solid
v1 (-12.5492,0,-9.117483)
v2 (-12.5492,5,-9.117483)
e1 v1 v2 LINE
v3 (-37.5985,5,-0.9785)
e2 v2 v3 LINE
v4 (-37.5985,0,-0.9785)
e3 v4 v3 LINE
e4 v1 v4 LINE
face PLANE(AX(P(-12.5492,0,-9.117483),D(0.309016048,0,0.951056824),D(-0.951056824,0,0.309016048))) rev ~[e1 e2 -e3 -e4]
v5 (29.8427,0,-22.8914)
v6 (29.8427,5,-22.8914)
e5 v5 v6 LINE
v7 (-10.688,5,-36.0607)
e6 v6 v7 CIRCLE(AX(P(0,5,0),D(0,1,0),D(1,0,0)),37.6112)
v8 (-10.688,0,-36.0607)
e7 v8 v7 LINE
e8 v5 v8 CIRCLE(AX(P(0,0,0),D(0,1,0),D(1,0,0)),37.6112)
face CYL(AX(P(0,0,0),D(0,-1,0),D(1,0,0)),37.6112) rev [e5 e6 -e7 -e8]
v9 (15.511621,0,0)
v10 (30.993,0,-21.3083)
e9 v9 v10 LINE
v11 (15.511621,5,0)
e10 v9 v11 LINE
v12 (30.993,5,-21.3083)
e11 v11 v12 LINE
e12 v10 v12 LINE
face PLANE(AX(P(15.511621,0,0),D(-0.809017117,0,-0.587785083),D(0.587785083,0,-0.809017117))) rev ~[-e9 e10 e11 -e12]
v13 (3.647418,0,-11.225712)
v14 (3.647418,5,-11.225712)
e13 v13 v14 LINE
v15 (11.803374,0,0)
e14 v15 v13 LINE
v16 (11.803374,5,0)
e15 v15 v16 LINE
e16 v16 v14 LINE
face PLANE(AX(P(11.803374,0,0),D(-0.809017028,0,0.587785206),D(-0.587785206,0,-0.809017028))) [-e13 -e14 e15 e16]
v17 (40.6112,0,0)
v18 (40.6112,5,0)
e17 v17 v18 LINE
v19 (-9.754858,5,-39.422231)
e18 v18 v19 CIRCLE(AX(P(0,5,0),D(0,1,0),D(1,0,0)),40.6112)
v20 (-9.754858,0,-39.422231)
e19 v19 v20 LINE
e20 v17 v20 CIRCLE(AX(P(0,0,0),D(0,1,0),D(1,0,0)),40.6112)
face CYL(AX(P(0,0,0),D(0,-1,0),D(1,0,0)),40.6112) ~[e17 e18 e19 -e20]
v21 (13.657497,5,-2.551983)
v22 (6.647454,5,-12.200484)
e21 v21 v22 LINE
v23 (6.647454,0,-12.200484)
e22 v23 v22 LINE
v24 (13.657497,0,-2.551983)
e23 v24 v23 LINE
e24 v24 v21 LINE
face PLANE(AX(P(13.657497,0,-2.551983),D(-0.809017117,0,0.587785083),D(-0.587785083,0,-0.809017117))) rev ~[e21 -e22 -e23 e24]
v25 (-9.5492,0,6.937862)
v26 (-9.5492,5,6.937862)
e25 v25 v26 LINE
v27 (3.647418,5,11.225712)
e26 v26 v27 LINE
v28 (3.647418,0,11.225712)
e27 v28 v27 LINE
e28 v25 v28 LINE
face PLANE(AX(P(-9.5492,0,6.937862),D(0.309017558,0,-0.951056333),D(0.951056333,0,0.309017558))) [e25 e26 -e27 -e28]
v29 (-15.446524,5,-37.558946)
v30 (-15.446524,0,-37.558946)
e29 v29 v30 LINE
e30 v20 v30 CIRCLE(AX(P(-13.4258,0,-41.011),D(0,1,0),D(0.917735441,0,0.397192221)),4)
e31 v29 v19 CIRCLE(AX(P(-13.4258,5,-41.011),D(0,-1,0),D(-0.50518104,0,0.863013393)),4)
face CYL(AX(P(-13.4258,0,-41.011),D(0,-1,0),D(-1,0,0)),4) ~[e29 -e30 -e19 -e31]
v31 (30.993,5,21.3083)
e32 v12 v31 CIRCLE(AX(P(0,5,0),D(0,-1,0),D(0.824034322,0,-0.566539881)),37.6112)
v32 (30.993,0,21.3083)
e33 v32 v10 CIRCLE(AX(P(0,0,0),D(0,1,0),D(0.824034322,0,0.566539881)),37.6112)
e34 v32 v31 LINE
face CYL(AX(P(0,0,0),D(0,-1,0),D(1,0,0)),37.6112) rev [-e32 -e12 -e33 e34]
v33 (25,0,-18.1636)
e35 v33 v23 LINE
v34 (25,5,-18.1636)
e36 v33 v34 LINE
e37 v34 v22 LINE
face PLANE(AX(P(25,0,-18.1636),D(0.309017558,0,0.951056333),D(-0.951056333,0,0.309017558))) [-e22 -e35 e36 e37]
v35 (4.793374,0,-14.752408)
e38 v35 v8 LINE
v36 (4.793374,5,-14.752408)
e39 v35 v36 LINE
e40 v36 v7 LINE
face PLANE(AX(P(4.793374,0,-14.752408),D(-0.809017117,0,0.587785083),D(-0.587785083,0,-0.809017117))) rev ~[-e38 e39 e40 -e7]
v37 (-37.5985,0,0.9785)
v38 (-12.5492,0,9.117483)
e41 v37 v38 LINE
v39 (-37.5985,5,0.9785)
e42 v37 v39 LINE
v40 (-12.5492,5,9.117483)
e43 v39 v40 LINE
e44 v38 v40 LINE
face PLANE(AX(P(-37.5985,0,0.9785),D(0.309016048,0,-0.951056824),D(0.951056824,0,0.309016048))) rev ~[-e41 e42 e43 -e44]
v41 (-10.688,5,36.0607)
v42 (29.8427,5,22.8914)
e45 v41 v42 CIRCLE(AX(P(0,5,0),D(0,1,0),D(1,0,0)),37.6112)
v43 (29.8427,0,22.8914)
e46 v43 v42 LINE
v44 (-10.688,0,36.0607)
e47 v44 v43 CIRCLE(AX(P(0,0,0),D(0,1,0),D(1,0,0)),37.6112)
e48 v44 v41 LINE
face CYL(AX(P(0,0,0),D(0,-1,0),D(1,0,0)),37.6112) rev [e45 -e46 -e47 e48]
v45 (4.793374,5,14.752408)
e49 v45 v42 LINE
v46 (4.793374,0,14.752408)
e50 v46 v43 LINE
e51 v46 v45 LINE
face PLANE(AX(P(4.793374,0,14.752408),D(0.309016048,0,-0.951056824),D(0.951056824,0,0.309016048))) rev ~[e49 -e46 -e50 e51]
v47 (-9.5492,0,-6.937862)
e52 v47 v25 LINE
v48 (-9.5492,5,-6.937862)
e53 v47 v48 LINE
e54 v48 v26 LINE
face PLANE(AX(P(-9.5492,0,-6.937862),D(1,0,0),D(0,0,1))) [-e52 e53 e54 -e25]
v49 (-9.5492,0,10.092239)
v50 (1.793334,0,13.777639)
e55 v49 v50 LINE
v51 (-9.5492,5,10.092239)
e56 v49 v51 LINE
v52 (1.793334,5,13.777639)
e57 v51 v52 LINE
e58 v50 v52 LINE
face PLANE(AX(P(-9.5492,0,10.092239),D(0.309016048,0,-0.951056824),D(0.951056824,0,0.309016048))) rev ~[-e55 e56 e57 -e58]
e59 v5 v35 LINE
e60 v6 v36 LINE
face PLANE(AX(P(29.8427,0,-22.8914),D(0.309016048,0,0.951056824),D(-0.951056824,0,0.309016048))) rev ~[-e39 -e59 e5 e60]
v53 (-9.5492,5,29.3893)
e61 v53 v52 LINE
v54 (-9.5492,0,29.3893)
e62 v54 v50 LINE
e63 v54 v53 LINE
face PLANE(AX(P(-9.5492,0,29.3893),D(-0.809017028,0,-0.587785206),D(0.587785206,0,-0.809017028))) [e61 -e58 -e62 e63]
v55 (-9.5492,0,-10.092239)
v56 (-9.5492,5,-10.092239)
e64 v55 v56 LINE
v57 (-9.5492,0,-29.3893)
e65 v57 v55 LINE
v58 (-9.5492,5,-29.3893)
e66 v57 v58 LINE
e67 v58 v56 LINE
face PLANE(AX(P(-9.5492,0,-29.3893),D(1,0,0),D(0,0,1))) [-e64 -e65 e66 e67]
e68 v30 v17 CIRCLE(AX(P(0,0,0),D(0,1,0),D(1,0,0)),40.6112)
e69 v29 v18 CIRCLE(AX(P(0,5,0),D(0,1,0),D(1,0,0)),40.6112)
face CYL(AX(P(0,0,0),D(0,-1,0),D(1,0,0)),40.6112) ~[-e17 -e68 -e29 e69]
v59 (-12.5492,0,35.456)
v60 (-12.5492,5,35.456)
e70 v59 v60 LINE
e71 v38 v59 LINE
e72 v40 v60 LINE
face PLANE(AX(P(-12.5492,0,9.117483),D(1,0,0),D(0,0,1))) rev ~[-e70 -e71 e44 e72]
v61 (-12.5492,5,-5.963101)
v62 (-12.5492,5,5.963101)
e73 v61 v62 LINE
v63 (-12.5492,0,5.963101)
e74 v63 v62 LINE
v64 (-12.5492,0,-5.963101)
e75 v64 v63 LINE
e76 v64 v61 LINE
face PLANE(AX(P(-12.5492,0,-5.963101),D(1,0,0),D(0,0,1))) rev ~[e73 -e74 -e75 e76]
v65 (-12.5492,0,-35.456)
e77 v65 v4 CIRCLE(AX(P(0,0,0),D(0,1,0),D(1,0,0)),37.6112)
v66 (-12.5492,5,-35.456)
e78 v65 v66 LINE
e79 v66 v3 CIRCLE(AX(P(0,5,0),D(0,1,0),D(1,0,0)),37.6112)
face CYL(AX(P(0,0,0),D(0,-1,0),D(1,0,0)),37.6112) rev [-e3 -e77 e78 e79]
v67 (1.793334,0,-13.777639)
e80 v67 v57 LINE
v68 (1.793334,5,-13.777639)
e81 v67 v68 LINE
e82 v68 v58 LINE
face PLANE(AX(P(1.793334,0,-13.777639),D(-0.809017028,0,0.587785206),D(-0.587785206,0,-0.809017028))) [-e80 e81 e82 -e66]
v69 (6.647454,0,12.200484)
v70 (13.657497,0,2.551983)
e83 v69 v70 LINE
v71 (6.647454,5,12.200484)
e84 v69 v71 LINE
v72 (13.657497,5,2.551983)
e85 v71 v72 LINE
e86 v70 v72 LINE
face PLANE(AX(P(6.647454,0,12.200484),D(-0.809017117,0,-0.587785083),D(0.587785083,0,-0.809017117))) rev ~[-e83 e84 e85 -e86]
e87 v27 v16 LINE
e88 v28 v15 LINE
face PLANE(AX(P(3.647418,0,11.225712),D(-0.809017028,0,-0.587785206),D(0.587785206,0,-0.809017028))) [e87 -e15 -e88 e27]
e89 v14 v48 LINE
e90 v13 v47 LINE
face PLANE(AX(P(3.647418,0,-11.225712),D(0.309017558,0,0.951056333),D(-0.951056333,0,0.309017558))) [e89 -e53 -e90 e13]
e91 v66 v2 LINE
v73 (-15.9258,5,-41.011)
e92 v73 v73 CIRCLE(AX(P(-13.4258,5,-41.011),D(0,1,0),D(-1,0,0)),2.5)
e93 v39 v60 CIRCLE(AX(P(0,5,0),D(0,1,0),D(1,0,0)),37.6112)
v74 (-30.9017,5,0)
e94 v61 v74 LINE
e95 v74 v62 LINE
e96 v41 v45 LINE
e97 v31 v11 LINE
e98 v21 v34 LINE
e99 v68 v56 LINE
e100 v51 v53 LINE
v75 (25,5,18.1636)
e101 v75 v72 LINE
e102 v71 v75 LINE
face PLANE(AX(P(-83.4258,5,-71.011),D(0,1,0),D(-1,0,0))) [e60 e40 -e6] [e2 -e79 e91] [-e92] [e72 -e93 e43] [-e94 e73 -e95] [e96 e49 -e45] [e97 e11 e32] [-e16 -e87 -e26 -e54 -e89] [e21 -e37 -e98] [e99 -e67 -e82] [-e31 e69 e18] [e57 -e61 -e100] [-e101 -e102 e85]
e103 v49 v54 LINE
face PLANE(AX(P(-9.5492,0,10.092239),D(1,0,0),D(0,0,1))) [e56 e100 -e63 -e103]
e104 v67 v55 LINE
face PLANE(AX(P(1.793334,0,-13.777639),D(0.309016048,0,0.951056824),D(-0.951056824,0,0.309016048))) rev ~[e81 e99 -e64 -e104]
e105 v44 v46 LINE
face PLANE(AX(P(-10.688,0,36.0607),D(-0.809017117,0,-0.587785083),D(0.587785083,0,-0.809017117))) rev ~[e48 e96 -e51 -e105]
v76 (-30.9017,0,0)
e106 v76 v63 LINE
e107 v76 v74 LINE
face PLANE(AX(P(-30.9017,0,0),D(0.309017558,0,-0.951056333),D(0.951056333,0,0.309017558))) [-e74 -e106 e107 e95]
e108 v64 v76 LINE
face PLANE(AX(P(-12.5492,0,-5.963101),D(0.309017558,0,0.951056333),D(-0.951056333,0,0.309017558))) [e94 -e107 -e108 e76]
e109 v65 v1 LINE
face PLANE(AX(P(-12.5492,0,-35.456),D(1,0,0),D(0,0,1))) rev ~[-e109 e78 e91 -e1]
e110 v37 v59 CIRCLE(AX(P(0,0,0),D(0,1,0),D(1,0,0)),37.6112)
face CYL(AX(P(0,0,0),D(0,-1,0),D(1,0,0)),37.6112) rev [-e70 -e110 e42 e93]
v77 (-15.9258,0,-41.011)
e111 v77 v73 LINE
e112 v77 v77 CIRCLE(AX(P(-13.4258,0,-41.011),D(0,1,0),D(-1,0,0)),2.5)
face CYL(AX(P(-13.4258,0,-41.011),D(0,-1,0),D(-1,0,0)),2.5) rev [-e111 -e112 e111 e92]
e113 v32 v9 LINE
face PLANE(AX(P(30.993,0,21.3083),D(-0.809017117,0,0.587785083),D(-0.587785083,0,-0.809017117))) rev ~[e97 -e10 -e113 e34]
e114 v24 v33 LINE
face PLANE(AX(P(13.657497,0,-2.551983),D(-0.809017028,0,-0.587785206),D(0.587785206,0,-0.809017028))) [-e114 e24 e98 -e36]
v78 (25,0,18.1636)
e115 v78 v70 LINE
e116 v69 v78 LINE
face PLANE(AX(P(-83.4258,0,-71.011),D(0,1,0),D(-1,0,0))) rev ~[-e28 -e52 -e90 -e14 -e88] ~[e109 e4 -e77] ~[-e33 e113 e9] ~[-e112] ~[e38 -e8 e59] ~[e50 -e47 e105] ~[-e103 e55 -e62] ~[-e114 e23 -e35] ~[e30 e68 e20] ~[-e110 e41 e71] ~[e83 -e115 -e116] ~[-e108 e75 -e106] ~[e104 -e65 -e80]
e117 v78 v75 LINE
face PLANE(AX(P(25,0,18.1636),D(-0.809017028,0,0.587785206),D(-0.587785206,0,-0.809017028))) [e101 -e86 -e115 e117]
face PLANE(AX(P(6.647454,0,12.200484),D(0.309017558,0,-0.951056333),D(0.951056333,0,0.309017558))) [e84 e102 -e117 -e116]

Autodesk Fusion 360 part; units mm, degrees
sketch "草图2" plane through (0, 0, 0) normal (0, 1, 0) x (1, 0, 0)
  line L0 (-9.5492, 29.3893) -> (-9.5492, -29.3893)
  line L1 (-9.5492, -29.3893) -> (25, 18.1636)
  line L2 (25, 18.1636) -> (-30.9017, 0)
  line L3 (-30.9017, 0) -> (25, -18.1636)
  line L4 (25, -18.1636) -> (-9.5492, 29.3893)
  line L5 (-37.5985, -0.9785) -> (29.8427, -22.8914)
  line L6 (30.993, -21.3083) -> (-10.688, 36.0607)
  line L7 (-10.688, -36.0607) -> (30.993, 21.3083)
  line L8 (29.8427, 22.8914) -> (-37.5985, 0.9785)
  line L9 (-12.5492, 35.456) -> (-12.5492, -35.456)
  circle A0 centre (0, 0) radius 40.6112
  circle A1 centre (0, 0) radius 37.6112
  dimension "d2" = 3
extrude "拉伸1" add sketch "草图2" along normal blind 5 contours L0 L4 L6 L8 L9 A1 | L0 L2 L4 L8 | L0 L2 L8 L9 | L2 L4 L6 L8 | L0 L2 L3 L9 | L2 L3 L5 L8 L9 A1 | L1 L2 L4 L6 | L1 L2 L6 L7 L8 A1 | L0 L1 L3 L5 | L0 L3 L5 L9 | L1 L3 L4 L7 | L1 L4 L6 L7 | L0 L1 L5 L7 L9 A1 | L1 L3 L5 L7 | L3 L4 L5 L6 L7 A1 | A0 makes body 1
sketch "草图3" plane through (0, 5, 0) normal (0, 1, 0) x (-1, 0, 0)
  arc A0 (10.688, 36.0607) -> (-29.8427, 22.8914) centre (0, 0) ccw
  line L0 (10.688, 36.0607) -> (-4.7933, 14.7524)
  line L1 (-4.7933, 14.7524) -> (-29.8427, 22.8914)
  line L2 (9.5492, -29.3893) -> (-1.7933, -13.7777)
  line L3 (-1.7933, -13.7777) -> (9.5492, -10.0923)
  line L4 (9.5492, -10.0923) -> (9.5492, -29.3893)
  arc A1 (12.5492, -35.456) -> (37.5985, -0.9785) centre (0, 0) ccw
  line L5 (12.5492, -35.456) -> (12.5492, -9.1175)
  line L6 (12.5492, -9.1175) -> (37.5985, -0.9785)
  line L7 (9.5492, 29.3893) -> (9.5492, 10.0923)
  line L8 (9.5492, 10.0923) -> (-1.7933, 13.7777)
  line L9 (-1.7933, 13.7777) -> (9.5492, 29.3893)
  line L10 (-25, 18.1636) -> (-6.6475, 12.2005)
  line L11 (-6.6475, 12.2005) -> (-13.6575, 2.552)
  line L12 (-13.6575, 2.552) -> (-25, 18.1636)
  line L13 (30.9017, 0) -> (12.5492, -5.9631)
  line L14 (12.5492, -5.9631) -> (12.5492, 5.9631)
  line L15 (12.5492, 5.9631) -> (30.9017, 0)
  arc A2 (37.5985, 0.9785) -> (12.5492, 35.456) centre (0, 0) ccw
  line L16 (37.5985, 0.9785) -> (12.5492, 9.1175)
  line L17 (12.5492, 9.1175) -> (12.5492, 35.456)
  line L18 (-25, -18.1636) -> (-13.6575, -2.552)
  line L19 (-13.6575, -2.552) -> (-6.6475, -12.2005)
  line L20 (-6.6475, -12.2005) -> (-25, -18.1636)
  line L21 (-30.993, 21.3083) -> (-15.5116, 0)
  line L22 (-15.5116, 0) -> (-30.993, -21.3083)
  arc A3 (-30.993, 21.3083) -> (-30.993, -21.3083) centre (0, 0) ccw
  arc A4 (-29.8427, -22.8914) -> (10.688, -36.0607) centre (0, 0) ccw
  line L23 (-29.8427, -22.8914) -> (-4.7933, -14.7524)
  line L24 (-4.7933, -14.7524) -> (10.688, -36.0607)
  line L25 (-11.8034, 0) -> (-3.6475, 11.2257)
  line L26 (-3.6475, 11.2257) -> (9.5492, 6.9379)
  line L27 (9.5492, 6.9379) -> (9.5492, -6.9379)
  line L28 (9.5492, -6.9379) -> (-3.6475, -11.2257)
  line L29 (-3.6475, -11.2257) -> (-11.8034, 0)
  circle A5 centre (0, 0) radius 40.6112
  circle A6 centre (-70, 30) radius 2.5
  circle A7 centre (-70, 30) radius 4
extrude "拉伸2" add sketch "草图3" along normal blind 5 separate body contours A7 makes body 2
move_body "移动1" bodies 2 to x (1, 0, 0) y (0, 1, 0) z (0, 0, 1) at (-85, 0, -75)
move_body "移动2" bodies 2 to x (1, 0, 0) y (0, 1, 0) z (0, 0, 1) at (0, -5, 0)
move_body "移动3" bodies 2 to x (1, 0, 0) y (0, 1, 0) z (0, 0, 1) at (1.5742, 0, 3.989)
combine "合并1" operation add target body 1 tool bodies 2
